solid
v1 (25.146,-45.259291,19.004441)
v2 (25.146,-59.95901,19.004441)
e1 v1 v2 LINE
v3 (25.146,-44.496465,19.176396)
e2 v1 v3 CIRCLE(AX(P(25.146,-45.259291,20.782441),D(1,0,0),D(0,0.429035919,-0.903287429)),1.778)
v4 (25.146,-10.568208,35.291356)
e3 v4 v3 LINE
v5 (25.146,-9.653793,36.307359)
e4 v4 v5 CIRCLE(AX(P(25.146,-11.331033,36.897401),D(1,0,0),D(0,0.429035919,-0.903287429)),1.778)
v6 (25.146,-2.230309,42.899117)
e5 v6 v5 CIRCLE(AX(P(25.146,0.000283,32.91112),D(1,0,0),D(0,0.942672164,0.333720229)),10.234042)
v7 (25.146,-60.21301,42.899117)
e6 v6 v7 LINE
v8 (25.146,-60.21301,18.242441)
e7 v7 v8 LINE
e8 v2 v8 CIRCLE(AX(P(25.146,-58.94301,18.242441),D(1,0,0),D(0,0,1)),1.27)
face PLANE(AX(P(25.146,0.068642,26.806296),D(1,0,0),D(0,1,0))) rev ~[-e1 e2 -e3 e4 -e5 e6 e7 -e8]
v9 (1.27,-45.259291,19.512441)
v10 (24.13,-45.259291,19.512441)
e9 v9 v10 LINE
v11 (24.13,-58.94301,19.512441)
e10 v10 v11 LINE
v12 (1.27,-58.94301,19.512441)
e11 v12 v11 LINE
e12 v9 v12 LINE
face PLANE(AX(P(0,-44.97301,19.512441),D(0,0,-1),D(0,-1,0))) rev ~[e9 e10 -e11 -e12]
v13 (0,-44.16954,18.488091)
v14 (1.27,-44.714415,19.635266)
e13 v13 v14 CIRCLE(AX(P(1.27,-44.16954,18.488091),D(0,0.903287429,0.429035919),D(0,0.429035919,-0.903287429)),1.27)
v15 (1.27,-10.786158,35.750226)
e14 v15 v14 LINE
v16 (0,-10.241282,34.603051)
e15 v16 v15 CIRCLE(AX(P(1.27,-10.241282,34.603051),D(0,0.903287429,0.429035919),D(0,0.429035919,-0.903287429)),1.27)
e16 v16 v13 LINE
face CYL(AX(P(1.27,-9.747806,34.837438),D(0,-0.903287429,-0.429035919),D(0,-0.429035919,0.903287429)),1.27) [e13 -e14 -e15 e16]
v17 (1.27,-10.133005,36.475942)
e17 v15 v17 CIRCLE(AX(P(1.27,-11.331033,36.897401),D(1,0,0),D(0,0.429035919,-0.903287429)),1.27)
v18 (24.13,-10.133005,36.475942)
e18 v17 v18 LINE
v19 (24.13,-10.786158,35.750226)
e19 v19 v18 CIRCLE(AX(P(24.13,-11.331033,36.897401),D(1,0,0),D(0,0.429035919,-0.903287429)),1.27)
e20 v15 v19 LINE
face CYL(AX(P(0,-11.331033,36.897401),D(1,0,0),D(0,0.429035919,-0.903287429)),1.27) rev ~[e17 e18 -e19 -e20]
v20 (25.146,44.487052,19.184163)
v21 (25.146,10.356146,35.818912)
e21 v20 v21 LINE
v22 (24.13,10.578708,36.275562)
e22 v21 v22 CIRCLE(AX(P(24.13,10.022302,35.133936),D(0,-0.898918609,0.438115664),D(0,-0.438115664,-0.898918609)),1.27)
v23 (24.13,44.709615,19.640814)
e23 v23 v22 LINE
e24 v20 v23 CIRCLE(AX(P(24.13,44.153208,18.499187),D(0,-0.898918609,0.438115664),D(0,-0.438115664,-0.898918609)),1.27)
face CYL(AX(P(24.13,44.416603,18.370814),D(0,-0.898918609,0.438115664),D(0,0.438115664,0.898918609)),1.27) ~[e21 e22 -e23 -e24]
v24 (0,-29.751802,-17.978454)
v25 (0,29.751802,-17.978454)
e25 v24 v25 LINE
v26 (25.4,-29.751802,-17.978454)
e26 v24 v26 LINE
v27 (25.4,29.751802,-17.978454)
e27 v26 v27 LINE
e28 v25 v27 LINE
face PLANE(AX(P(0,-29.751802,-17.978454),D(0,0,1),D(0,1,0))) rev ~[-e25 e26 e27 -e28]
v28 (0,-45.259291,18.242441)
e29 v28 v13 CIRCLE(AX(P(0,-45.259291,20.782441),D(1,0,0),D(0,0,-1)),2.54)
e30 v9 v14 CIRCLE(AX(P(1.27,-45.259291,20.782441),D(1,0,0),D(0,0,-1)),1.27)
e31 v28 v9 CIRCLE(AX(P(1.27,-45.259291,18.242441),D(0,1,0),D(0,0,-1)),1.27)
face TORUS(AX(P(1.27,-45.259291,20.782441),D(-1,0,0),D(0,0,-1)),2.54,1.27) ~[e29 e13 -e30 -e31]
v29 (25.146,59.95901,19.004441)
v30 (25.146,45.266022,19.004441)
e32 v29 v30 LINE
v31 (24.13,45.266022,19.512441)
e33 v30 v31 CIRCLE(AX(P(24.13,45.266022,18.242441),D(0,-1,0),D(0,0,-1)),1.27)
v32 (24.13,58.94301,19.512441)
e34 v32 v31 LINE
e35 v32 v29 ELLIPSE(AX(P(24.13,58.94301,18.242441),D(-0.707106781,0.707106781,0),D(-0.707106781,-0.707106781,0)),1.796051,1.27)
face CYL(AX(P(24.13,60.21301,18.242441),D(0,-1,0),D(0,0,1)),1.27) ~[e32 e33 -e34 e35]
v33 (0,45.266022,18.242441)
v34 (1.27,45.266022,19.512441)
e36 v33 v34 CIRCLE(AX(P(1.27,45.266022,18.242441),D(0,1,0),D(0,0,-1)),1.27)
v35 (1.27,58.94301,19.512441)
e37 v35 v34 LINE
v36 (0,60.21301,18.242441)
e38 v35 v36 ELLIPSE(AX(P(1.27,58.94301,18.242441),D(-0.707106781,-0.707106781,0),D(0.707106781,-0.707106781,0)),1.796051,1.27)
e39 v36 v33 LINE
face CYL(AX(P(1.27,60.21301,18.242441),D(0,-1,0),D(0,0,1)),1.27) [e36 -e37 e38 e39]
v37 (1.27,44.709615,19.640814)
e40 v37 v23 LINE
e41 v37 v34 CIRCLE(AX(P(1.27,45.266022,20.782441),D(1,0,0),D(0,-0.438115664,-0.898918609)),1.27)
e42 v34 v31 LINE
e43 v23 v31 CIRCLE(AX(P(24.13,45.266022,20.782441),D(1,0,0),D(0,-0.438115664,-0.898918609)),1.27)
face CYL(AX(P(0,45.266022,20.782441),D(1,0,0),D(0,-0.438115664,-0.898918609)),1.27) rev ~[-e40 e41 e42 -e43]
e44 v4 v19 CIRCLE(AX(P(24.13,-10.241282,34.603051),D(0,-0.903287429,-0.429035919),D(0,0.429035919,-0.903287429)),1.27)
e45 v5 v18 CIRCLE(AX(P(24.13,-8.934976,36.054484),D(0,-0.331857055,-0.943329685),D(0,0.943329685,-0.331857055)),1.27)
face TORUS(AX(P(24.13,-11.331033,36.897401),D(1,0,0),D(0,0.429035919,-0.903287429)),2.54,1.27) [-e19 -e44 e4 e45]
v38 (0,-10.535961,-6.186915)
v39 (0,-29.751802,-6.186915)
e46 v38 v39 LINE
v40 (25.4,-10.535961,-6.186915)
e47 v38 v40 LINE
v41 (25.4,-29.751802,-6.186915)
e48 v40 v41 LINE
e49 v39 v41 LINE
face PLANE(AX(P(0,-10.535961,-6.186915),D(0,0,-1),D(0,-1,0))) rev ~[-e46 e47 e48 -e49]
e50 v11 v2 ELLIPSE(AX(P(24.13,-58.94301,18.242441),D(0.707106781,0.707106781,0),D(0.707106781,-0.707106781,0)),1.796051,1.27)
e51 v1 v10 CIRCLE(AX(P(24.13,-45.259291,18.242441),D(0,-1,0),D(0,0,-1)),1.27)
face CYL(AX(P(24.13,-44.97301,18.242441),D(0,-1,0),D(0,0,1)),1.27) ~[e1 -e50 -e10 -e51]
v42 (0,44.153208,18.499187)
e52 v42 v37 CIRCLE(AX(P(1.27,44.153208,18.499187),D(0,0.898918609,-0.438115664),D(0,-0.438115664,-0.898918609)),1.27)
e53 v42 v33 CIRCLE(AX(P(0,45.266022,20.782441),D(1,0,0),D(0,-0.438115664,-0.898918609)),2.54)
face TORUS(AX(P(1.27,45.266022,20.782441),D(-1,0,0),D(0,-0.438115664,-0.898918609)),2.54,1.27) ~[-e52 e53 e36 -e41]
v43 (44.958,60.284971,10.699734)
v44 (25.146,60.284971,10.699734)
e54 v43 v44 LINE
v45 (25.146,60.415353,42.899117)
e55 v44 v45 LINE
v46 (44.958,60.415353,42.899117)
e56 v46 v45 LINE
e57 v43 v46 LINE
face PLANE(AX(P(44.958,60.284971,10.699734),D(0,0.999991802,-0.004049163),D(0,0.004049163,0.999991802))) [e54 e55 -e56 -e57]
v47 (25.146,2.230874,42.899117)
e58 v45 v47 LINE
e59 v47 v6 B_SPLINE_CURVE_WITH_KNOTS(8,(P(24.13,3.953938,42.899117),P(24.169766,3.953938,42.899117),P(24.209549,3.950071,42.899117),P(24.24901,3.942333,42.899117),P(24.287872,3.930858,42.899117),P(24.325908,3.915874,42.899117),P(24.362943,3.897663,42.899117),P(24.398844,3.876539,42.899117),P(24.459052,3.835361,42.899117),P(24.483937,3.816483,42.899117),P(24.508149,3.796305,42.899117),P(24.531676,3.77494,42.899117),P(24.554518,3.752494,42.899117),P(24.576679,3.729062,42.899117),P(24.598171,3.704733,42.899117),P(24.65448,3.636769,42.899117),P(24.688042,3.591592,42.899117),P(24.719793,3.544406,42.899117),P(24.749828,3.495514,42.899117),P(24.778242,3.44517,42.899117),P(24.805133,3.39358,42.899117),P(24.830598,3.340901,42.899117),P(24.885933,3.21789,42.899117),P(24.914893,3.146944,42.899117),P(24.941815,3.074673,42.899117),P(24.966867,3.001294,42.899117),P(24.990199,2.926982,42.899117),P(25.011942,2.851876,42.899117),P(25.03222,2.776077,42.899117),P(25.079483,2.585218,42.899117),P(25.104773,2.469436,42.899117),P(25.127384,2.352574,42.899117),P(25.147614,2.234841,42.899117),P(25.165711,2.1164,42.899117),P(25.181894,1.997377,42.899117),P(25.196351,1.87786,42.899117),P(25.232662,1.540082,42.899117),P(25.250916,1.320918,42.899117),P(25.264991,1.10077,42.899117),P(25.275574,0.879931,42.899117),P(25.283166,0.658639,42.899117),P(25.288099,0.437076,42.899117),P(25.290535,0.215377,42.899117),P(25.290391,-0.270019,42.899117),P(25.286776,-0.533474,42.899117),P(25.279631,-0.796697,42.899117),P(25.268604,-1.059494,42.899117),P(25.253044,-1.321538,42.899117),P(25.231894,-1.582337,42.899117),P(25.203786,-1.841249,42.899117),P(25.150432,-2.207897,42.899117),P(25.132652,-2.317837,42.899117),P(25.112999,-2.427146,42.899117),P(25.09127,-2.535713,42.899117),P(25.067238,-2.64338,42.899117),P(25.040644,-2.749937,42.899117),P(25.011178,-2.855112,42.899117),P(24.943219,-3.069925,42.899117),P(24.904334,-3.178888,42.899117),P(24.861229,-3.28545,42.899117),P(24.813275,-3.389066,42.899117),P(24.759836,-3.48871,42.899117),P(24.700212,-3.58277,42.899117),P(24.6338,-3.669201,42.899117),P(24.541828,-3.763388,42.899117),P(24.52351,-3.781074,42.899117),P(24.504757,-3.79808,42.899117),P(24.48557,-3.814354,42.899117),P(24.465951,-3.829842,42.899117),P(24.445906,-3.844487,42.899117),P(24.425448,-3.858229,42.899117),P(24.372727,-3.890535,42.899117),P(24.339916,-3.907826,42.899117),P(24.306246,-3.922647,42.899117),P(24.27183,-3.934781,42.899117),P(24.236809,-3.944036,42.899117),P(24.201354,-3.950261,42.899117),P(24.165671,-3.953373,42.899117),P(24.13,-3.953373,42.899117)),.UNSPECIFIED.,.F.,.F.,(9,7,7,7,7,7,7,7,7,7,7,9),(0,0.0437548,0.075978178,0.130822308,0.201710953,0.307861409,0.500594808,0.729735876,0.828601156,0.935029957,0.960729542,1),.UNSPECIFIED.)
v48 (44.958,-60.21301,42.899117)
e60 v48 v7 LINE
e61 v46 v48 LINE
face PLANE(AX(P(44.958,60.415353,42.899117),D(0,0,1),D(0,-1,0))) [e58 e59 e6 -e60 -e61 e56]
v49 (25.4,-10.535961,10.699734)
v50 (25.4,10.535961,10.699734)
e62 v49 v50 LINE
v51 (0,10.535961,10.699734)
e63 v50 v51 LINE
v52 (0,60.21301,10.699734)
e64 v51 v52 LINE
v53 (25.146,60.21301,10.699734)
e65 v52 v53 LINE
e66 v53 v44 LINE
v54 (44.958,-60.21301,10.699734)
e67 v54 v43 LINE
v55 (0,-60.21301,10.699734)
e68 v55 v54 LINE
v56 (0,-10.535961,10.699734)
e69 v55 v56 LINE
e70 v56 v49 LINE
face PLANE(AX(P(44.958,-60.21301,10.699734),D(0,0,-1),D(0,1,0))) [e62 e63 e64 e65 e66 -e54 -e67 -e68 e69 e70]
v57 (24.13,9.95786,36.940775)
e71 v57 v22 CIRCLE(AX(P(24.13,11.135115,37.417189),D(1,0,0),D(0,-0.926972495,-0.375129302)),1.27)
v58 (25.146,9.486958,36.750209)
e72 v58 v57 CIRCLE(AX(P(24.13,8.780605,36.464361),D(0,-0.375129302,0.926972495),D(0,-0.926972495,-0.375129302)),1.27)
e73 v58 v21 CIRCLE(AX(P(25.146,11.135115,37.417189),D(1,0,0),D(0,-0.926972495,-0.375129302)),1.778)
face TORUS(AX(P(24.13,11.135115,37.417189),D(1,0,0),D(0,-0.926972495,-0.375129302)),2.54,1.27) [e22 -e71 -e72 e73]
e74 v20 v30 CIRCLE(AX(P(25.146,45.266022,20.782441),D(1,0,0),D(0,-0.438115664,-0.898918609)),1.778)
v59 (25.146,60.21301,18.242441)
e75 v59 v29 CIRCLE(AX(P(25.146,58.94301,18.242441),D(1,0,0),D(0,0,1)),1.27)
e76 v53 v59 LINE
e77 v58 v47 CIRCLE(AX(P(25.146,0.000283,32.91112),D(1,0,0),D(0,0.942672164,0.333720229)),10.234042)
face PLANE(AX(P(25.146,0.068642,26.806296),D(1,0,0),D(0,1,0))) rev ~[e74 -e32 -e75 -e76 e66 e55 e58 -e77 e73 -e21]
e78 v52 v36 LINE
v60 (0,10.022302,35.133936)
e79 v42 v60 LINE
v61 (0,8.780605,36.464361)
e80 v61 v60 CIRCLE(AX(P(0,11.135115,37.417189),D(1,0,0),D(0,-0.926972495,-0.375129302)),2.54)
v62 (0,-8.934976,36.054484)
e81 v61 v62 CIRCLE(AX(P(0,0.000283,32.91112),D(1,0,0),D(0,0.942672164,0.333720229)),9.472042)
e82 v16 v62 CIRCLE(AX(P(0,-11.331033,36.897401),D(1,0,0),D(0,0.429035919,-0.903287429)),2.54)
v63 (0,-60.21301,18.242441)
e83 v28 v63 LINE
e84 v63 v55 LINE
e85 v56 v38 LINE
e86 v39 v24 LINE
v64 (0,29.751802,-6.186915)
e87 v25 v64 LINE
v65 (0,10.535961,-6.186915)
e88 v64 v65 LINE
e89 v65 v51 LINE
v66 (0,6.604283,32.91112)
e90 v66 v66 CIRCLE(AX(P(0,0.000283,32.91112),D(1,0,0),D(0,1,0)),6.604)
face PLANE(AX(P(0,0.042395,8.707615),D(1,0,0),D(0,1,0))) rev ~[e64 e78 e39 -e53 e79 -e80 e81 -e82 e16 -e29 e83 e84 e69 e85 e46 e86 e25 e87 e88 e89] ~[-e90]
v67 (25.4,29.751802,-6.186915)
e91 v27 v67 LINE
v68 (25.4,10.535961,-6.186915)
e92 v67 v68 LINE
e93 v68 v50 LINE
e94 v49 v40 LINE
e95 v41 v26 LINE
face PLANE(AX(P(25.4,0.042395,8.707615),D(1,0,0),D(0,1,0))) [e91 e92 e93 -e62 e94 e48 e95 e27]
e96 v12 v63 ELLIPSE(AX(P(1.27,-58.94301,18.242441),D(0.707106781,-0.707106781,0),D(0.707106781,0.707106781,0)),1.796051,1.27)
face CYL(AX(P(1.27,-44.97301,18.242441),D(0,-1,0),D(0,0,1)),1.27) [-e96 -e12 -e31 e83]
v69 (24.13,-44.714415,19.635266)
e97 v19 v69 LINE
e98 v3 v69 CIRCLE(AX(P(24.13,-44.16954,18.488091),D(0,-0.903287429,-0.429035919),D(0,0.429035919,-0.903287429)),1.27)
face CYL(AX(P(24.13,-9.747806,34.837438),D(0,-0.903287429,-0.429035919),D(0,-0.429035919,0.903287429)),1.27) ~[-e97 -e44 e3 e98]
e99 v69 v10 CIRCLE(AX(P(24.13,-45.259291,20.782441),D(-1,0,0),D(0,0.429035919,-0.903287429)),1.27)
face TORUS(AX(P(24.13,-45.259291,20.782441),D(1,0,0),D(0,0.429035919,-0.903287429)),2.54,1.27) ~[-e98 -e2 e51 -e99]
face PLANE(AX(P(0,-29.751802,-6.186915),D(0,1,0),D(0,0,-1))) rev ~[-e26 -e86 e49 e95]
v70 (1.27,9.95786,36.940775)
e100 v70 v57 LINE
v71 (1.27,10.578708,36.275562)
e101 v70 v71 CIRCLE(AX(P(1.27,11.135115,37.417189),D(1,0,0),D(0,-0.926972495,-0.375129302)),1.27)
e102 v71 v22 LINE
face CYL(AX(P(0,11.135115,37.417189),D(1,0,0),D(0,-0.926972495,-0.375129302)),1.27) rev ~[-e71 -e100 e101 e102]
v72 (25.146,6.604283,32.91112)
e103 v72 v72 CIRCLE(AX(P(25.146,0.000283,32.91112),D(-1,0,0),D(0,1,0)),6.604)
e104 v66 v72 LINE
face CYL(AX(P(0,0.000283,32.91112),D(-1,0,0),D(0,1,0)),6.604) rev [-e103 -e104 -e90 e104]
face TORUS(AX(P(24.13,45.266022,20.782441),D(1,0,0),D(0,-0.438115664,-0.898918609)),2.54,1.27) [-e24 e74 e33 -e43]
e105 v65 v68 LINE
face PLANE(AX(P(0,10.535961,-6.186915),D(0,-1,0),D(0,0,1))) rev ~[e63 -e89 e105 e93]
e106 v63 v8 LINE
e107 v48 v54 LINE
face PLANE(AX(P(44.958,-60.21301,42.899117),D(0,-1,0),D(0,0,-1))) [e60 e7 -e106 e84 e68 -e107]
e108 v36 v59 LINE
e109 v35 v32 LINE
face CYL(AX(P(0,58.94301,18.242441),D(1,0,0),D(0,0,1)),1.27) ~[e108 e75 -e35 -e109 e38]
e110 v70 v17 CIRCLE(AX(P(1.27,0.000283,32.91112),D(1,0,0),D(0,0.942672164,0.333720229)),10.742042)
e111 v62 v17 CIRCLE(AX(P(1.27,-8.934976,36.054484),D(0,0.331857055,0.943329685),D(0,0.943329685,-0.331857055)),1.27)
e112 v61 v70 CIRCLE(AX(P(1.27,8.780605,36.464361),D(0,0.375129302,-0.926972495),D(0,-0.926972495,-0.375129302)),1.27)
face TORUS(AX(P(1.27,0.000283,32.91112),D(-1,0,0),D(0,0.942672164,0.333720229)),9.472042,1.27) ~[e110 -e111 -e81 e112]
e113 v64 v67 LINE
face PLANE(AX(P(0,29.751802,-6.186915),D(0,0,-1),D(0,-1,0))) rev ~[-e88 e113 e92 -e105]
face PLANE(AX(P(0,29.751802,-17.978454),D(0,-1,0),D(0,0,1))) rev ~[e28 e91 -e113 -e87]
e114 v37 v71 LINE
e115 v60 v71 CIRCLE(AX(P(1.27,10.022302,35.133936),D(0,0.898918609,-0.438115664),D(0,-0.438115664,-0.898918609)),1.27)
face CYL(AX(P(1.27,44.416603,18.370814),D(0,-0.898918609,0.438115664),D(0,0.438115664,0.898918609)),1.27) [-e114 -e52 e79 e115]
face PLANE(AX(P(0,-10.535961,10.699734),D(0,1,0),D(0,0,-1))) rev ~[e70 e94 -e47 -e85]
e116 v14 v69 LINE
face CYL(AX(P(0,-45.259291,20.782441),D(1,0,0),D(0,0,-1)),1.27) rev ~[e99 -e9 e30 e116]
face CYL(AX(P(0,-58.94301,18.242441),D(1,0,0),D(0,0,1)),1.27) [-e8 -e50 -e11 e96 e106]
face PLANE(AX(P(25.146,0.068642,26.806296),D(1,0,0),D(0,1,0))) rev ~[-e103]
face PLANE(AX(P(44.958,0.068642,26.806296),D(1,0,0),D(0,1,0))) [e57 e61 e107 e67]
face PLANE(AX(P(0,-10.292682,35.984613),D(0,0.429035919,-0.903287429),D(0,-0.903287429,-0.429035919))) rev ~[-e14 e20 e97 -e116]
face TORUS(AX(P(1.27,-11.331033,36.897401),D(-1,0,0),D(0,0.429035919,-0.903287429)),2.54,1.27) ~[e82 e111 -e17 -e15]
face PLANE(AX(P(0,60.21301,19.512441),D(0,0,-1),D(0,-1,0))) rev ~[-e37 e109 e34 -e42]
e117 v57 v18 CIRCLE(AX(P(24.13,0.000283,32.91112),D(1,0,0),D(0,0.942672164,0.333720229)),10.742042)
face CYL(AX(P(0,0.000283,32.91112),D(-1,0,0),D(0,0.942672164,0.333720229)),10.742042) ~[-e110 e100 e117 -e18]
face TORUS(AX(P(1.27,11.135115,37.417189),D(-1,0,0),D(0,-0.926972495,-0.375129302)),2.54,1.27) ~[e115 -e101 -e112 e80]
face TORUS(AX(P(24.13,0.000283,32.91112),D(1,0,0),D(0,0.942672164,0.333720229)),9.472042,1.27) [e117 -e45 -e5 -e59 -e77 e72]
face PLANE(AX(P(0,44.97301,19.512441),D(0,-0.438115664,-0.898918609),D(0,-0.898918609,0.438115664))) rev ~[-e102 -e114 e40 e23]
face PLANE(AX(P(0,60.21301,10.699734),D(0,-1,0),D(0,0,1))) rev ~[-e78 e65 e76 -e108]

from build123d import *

# Parameters (mm, degrees)
F0_R     = 6.604
F1_DEPTH = 25.4
F2_R     = 1.27
F5_DEPTH = 19.812


with BuildPart() as f1:
    # F0 (on Right) → F1 (new body)
    with BuildSketch(Plane.YZ):
        with BuildLine():
            Line((-44.9730095259, 19.512440572), (-60.2130095259, 19.512440572))
            Line((-60.2130095259, 19.512440572), (-60.2130095259, 10.6997340918))
            Line((-60.2130095259, 10.6997340918), (-10.535961017, 10.6997340918))
            Line((-10.535961017, 10.6997340918), (-10.535961017, -6.1869150959))
            Line((-10.535961017, -6.1869150959), (-29.7518018633, -6.1869150959))
            Line((-29.7518018633, -6.1869150959), (-29.7518018633, -17.9784540087))
            Line((-29.7518018633, -17.9784540087), (0, -17.9784540087))
            Line((0, -17.9784540087), (29.7518018633, -17.9784540087))
            Line((29.7518018633, -17.9784540087), (29.7518018633, -6.1869150959))
            Line((29.7518018633, -6.1869150959), (10.535961017, -6.1869150959))
            Line((10.535961017, -6.1869150959), (10.535961017, 10.6997340918))
            Line((10.535961017, 10.6997340918), (60.2130095259, 10.6997340918))
            Line((60.2130095259, 10.6997340918), (60.2130095259, 19.512440572))
            Line((60.2130095259, 19.512440572), (44.9730095259, 19.512440572))
            Line((44.9730095259, 19.512440572), (10.1265067253, 36.4959567288))
            ThreePointArc((10.1265067253, 36.4959567288), (10.587250916, 34.7297929897), (10.7423247602, 32.911119939))
            ThreePointArc((10.7423247602, 32.911119939), (-1.5527814637, 22.281940137), (-10.2926816094, 35.9846130792))
            Line((-10.2926816094, 35.9846130792), (-44.9730095259, 19.512440572))
        make_face()
        with BuildLine():
            ThreePointArc((10.1265067253, 36.4959567288), (-0.2686387048, 43.6497954823), (-10.2926816094, 35.9846130792))
            ThreePointArc((-10.2926816094, 35.9846130792), (-1.5527814637, 22.281940137), (10.7423247602, 32.911119939))
            ThreePointArc((10.7423247602, 32.911119939), (10.587250916, 34.7297929897), (10.1265067253, 36.4959567288))
        make_face()
        with Locations((0.0002825399, 32.911119939)):
            Circle(F0_R, mode=Mode.SUBTRACT)
    extrude(amount=F1_DEPTH)

    # F2
    f2_edges = [f1.edges().sort_by_distance(p)[0] for p in [
        (25.4, -27.632846, 27.748527),
        (25.4, -0.268639, 43.649795),
        (25.4, 27.549758, 28.004199),
        (25.4, 52.59301, 19.512441),
        (25.4, -52.59301, 19.512441),
        (12.7, -44.97301, 19.512441),
        (12.7, -60.21301, 19.512441),
        (0, -52.59301, 19.512441),
        (0, -27.632846, 27.748527),
        (0, -0.268639, 43.649795),
        (0, 27.549758, 28.004199),
        (0, 52.59301, 19.512441),
        (12.7, 60.21301, 19.512441),
        (12.7, 44.97301, 19.512441),
        (12.7, -10.292682, 35.984613),
        (12.7, 10.126507, 36.495957),
    ]]
    fillet(f2_edges, radius=F2_R)

    # F4 (on offset) → F5 (join)
    with BuildSketch(Plane.YZ.offset(44.958)):
        Polygon((-60.2130095259, 42.8991168737), (-60.2130095259, 18.242440572), (-60.2130095259, 10.6997340918), (60.2849709341, 10.6997340918), (60.4153525641, 42.8991168737), align=None)
    extrude(amount=-F5_DEPTH)


solid = f1.part
